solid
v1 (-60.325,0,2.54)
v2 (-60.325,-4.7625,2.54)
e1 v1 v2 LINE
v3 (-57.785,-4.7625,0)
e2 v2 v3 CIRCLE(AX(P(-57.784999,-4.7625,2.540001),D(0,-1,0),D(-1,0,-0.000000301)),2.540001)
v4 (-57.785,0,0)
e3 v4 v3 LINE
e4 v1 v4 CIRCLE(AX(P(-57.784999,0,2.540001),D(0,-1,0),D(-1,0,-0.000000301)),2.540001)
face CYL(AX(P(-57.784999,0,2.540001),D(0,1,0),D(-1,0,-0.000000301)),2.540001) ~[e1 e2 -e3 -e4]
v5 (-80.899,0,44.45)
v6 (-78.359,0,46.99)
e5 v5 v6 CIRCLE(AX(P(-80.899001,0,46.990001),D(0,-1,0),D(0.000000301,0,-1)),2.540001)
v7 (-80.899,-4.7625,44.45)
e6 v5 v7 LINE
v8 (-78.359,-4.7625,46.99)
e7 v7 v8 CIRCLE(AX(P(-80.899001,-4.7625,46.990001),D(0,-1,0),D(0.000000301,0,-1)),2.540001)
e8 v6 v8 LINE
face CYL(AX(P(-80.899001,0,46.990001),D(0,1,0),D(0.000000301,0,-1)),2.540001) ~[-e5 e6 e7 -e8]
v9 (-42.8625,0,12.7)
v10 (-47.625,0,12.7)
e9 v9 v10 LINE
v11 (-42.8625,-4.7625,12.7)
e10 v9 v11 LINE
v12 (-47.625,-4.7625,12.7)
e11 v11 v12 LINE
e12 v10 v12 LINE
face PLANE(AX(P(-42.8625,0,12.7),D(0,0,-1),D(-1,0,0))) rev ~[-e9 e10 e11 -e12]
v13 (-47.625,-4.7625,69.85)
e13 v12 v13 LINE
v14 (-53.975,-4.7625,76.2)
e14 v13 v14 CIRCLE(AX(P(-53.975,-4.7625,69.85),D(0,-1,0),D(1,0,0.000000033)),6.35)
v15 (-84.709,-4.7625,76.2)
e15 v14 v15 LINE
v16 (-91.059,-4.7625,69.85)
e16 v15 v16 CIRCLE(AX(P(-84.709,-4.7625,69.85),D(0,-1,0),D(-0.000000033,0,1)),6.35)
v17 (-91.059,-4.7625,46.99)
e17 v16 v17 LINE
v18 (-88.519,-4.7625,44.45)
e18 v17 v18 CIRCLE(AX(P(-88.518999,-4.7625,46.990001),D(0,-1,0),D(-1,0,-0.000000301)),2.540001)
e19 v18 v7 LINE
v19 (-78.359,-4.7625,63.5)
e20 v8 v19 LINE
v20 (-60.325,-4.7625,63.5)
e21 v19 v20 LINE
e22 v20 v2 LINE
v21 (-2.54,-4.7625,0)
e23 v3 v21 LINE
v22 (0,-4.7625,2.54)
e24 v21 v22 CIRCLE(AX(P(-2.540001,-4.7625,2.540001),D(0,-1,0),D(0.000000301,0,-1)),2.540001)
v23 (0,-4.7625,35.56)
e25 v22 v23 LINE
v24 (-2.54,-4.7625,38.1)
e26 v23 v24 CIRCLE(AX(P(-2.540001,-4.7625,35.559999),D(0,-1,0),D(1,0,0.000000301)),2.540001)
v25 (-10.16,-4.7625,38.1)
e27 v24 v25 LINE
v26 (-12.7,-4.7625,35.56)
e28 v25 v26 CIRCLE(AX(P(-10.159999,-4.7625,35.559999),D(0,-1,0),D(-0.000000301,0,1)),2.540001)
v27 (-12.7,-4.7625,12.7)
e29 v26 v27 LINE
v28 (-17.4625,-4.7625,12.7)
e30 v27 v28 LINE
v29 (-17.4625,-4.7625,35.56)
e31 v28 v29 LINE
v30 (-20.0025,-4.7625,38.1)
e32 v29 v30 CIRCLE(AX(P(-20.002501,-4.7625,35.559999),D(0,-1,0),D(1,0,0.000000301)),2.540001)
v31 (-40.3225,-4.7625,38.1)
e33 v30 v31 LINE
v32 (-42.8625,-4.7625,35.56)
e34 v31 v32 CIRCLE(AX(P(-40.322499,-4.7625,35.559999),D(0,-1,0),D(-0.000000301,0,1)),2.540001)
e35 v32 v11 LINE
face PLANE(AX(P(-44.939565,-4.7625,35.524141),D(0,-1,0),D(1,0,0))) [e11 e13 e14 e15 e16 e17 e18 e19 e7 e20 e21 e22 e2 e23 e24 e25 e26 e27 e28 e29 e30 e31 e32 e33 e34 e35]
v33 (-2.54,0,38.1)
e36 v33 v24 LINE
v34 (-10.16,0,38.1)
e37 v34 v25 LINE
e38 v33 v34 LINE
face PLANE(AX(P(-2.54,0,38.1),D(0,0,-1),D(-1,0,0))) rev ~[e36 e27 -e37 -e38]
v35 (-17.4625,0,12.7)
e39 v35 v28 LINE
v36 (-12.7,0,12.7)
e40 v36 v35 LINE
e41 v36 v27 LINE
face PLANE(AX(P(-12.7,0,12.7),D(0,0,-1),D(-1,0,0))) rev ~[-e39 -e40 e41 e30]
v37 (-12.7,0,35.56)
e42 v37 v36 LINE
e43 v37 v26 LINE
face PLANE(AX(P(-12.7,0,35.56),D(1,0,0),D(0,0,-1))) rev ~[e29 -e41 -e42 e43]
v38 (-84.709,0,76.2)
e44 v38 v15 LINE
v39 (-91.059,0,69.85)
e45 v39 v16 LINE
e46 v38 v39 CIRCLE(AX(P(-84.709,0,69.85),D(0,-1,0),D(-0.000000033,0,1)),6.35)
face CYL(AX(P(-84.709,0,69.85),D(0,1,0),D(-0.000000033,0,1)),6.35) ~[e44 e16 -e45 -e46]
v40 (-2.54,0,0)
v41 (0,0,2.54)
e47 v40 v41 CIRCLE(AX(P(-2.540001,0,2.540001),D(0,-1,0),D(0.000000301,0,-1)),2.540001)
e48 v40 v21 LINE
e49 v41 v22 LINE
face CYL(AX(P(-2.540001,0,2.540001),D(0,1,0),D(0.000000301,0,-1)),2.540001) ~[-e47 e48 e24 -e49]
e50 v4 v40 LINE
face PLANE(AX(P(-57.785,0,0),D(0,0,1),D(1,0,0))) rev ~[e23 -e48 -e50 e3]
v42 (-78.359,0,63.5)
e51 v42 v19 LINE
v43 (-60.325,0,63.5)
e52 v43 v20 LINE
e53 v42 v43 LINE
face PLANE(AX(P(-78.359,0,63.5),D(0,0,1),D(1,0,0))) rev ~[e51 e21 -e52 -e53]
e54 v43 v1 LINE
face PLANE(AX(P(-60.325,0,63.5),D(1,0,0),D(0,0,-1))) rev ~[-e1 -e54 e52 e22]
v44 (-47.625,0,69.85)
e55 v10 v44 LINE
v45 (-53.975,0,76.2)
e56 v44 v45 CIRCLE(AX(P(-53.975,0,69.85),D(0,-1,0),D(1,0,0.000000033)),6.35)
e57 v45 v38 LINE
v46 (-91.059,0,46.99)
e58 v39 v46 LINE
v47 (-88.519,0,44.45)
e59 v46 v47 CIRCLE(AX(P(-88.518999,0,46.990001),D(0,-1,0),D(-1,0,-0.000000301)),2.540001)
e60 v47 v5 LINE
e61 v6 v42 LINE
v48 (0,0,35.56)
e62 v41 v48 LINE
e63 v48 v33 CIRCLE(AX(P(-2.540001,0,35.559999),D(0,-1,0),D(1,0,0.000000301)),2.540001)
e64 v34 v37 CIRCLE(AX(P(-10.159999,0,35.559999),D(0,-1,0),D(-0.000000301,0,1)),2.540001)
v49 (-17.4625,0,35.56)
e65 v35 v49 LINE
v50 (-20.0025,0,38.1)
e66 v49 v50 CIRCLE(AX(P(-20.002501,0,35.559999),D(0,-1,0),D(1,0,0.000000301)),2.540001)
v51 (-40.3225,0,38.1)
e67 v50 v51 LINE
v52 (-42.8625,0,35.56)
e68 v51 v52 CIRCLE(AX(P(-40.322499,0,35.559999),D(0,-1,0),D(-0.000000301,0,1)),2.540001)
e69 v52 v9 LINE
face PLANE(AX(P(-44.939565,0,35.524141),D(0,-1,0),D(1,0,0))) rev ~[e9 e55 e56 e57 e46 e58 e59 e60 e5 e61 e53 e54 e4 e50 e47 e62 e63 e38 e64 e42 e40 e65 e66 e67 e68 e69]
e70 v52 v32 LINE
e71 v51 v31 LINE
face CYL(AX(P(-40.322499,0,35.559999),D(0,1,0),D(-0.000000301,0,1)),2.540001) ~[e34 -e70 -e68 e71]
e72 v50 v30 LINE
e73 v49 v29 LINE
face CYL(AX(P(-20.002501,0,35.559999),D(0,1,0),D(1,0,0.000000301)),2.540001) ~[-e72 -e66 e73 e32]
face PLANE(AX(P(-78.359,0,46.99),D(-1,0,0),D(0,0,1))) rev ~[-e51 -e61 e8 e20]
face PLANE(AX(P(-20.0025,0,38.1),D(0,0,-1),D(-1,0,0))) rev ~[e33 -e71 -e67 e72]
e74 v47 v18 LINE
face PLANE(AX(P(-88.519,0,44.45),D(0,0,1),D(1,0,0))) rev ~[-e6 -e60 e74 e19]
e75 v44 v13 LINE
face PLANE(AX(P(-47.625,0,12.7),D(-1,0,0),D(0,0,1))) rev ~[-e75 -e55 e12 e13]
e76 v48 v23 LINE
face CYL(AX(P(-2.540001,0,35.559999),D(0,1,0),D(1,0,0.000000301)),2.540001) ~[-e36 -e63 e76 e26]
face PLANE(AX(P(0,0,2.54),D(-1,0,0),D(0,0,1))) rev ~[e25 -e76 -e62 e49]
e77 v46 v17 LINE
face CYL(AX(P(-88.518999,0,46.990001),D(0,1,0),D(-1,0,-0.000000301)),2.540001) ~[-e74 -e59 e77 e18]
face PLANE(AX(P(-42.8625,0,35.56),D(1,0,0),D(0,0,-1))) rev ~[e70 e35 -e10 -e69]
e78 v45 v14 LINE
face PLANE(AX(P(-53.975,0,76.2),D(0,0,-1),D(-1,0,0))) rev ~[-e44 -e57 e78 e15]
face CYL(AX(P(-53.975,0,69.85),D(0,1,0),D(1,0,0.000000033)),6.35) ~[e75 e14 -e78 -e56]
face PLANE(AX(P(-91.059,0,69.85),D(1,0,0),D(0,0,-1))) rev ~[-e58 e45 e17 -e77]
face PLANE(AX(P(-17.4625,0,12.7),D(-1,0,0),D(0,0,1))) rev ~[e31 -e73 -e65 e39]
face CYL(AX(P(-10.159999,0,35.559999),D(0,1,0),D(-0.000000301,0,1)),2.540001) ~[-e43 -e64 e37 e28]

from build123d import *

# Parameters (mm, degrees)
F1_DEPTH = 4.7625


with BuildPart() as f1:
    # F0 (on Front) → F1 (new body)
    with BuildSketch(Plane.XZ):
        with BuildLine():
            Line((-57.785, 0), (-2.54, 0))
            ThreePointArc((-2.54, 0), (-0.743949, 0.743949), (0, 2.54))
            Line((0, 2.54), (0, 35.56))
            ThreePointArc((0, 35.56), (-0.743949, 37.356051), (-2.54, 38.1))
            Line((-2.54, 38.1), (-10.16, 38.1))
            ThreePointArc((-10.16, 38.1), (-11.956051, 37.356051), (-12.7, 35.56))
            Line((-12.7, 35.56), (-12.7, 12.7))
            Line((-12.7, 12.7), (-17.4625, 12.7))
            Line((-17.4625, 12.7), (-17.4625, 35.56))
            ThreePointArc((-17.4625, 35.56), (-18.206449, 37.356051), (-20.0025, 38.1))
            Line((-20.0025, 38.1), (-40.3225, 38.1))
            ThreePointArc((-40.3225, 38.1), (-42.118551, 37.356051), (-42.8625, 35.56))
            Line((-42.8625, 35.56), (-42.8625, 12.7))
            Line((-42.8625, 12.7), (-47.625, 12.7))
            Line((-47.625, 12.7), (-47.625, 63.5))
            Line((-47.625, 63.5), (-47.625, 69.85))
            ThreePointArc((-47.625, 69.85), (-49.484872, 74.340128), (-53.975, 76.2))
            Line((-53.975, 76.2), (-78.359, 76.2))
            Line((-78.359, 76.2), (-84.709, 76.2))
            ThreePointArc((-84.709, 76.2), (-89.199128, 74.340128), (-91.059, 69.85))
            Line((-91.059, 69.85), (-91.059, 63.5))
            Line((-91.059, 63.5), (-91.059, 46.99))
            ThreePointArc((-91.059, 46.99), (-90.315051, 45.193949), (-88.519, 44.45))
            Line((-88.519, 44.45), (-80.899, 44.45))
            ThreePointArc((-80.899, 44.45), (-79.102949, 45.193949), (-78.359, 46.99))
            Line((-78.359, 46.99), (-78.359, 63.5))
            Line((-78.359, 63.5), (-60.325, 63.5))
            Line((-60.325, 63.5), (-60.325, 2.54))
            ThreePointArc((-60.325, 2.54), (-59.581051, 0.743949), (-57.785, 0))
        make_face()
    extrude(amount=F1_DEPTH)


solid = f1.part
